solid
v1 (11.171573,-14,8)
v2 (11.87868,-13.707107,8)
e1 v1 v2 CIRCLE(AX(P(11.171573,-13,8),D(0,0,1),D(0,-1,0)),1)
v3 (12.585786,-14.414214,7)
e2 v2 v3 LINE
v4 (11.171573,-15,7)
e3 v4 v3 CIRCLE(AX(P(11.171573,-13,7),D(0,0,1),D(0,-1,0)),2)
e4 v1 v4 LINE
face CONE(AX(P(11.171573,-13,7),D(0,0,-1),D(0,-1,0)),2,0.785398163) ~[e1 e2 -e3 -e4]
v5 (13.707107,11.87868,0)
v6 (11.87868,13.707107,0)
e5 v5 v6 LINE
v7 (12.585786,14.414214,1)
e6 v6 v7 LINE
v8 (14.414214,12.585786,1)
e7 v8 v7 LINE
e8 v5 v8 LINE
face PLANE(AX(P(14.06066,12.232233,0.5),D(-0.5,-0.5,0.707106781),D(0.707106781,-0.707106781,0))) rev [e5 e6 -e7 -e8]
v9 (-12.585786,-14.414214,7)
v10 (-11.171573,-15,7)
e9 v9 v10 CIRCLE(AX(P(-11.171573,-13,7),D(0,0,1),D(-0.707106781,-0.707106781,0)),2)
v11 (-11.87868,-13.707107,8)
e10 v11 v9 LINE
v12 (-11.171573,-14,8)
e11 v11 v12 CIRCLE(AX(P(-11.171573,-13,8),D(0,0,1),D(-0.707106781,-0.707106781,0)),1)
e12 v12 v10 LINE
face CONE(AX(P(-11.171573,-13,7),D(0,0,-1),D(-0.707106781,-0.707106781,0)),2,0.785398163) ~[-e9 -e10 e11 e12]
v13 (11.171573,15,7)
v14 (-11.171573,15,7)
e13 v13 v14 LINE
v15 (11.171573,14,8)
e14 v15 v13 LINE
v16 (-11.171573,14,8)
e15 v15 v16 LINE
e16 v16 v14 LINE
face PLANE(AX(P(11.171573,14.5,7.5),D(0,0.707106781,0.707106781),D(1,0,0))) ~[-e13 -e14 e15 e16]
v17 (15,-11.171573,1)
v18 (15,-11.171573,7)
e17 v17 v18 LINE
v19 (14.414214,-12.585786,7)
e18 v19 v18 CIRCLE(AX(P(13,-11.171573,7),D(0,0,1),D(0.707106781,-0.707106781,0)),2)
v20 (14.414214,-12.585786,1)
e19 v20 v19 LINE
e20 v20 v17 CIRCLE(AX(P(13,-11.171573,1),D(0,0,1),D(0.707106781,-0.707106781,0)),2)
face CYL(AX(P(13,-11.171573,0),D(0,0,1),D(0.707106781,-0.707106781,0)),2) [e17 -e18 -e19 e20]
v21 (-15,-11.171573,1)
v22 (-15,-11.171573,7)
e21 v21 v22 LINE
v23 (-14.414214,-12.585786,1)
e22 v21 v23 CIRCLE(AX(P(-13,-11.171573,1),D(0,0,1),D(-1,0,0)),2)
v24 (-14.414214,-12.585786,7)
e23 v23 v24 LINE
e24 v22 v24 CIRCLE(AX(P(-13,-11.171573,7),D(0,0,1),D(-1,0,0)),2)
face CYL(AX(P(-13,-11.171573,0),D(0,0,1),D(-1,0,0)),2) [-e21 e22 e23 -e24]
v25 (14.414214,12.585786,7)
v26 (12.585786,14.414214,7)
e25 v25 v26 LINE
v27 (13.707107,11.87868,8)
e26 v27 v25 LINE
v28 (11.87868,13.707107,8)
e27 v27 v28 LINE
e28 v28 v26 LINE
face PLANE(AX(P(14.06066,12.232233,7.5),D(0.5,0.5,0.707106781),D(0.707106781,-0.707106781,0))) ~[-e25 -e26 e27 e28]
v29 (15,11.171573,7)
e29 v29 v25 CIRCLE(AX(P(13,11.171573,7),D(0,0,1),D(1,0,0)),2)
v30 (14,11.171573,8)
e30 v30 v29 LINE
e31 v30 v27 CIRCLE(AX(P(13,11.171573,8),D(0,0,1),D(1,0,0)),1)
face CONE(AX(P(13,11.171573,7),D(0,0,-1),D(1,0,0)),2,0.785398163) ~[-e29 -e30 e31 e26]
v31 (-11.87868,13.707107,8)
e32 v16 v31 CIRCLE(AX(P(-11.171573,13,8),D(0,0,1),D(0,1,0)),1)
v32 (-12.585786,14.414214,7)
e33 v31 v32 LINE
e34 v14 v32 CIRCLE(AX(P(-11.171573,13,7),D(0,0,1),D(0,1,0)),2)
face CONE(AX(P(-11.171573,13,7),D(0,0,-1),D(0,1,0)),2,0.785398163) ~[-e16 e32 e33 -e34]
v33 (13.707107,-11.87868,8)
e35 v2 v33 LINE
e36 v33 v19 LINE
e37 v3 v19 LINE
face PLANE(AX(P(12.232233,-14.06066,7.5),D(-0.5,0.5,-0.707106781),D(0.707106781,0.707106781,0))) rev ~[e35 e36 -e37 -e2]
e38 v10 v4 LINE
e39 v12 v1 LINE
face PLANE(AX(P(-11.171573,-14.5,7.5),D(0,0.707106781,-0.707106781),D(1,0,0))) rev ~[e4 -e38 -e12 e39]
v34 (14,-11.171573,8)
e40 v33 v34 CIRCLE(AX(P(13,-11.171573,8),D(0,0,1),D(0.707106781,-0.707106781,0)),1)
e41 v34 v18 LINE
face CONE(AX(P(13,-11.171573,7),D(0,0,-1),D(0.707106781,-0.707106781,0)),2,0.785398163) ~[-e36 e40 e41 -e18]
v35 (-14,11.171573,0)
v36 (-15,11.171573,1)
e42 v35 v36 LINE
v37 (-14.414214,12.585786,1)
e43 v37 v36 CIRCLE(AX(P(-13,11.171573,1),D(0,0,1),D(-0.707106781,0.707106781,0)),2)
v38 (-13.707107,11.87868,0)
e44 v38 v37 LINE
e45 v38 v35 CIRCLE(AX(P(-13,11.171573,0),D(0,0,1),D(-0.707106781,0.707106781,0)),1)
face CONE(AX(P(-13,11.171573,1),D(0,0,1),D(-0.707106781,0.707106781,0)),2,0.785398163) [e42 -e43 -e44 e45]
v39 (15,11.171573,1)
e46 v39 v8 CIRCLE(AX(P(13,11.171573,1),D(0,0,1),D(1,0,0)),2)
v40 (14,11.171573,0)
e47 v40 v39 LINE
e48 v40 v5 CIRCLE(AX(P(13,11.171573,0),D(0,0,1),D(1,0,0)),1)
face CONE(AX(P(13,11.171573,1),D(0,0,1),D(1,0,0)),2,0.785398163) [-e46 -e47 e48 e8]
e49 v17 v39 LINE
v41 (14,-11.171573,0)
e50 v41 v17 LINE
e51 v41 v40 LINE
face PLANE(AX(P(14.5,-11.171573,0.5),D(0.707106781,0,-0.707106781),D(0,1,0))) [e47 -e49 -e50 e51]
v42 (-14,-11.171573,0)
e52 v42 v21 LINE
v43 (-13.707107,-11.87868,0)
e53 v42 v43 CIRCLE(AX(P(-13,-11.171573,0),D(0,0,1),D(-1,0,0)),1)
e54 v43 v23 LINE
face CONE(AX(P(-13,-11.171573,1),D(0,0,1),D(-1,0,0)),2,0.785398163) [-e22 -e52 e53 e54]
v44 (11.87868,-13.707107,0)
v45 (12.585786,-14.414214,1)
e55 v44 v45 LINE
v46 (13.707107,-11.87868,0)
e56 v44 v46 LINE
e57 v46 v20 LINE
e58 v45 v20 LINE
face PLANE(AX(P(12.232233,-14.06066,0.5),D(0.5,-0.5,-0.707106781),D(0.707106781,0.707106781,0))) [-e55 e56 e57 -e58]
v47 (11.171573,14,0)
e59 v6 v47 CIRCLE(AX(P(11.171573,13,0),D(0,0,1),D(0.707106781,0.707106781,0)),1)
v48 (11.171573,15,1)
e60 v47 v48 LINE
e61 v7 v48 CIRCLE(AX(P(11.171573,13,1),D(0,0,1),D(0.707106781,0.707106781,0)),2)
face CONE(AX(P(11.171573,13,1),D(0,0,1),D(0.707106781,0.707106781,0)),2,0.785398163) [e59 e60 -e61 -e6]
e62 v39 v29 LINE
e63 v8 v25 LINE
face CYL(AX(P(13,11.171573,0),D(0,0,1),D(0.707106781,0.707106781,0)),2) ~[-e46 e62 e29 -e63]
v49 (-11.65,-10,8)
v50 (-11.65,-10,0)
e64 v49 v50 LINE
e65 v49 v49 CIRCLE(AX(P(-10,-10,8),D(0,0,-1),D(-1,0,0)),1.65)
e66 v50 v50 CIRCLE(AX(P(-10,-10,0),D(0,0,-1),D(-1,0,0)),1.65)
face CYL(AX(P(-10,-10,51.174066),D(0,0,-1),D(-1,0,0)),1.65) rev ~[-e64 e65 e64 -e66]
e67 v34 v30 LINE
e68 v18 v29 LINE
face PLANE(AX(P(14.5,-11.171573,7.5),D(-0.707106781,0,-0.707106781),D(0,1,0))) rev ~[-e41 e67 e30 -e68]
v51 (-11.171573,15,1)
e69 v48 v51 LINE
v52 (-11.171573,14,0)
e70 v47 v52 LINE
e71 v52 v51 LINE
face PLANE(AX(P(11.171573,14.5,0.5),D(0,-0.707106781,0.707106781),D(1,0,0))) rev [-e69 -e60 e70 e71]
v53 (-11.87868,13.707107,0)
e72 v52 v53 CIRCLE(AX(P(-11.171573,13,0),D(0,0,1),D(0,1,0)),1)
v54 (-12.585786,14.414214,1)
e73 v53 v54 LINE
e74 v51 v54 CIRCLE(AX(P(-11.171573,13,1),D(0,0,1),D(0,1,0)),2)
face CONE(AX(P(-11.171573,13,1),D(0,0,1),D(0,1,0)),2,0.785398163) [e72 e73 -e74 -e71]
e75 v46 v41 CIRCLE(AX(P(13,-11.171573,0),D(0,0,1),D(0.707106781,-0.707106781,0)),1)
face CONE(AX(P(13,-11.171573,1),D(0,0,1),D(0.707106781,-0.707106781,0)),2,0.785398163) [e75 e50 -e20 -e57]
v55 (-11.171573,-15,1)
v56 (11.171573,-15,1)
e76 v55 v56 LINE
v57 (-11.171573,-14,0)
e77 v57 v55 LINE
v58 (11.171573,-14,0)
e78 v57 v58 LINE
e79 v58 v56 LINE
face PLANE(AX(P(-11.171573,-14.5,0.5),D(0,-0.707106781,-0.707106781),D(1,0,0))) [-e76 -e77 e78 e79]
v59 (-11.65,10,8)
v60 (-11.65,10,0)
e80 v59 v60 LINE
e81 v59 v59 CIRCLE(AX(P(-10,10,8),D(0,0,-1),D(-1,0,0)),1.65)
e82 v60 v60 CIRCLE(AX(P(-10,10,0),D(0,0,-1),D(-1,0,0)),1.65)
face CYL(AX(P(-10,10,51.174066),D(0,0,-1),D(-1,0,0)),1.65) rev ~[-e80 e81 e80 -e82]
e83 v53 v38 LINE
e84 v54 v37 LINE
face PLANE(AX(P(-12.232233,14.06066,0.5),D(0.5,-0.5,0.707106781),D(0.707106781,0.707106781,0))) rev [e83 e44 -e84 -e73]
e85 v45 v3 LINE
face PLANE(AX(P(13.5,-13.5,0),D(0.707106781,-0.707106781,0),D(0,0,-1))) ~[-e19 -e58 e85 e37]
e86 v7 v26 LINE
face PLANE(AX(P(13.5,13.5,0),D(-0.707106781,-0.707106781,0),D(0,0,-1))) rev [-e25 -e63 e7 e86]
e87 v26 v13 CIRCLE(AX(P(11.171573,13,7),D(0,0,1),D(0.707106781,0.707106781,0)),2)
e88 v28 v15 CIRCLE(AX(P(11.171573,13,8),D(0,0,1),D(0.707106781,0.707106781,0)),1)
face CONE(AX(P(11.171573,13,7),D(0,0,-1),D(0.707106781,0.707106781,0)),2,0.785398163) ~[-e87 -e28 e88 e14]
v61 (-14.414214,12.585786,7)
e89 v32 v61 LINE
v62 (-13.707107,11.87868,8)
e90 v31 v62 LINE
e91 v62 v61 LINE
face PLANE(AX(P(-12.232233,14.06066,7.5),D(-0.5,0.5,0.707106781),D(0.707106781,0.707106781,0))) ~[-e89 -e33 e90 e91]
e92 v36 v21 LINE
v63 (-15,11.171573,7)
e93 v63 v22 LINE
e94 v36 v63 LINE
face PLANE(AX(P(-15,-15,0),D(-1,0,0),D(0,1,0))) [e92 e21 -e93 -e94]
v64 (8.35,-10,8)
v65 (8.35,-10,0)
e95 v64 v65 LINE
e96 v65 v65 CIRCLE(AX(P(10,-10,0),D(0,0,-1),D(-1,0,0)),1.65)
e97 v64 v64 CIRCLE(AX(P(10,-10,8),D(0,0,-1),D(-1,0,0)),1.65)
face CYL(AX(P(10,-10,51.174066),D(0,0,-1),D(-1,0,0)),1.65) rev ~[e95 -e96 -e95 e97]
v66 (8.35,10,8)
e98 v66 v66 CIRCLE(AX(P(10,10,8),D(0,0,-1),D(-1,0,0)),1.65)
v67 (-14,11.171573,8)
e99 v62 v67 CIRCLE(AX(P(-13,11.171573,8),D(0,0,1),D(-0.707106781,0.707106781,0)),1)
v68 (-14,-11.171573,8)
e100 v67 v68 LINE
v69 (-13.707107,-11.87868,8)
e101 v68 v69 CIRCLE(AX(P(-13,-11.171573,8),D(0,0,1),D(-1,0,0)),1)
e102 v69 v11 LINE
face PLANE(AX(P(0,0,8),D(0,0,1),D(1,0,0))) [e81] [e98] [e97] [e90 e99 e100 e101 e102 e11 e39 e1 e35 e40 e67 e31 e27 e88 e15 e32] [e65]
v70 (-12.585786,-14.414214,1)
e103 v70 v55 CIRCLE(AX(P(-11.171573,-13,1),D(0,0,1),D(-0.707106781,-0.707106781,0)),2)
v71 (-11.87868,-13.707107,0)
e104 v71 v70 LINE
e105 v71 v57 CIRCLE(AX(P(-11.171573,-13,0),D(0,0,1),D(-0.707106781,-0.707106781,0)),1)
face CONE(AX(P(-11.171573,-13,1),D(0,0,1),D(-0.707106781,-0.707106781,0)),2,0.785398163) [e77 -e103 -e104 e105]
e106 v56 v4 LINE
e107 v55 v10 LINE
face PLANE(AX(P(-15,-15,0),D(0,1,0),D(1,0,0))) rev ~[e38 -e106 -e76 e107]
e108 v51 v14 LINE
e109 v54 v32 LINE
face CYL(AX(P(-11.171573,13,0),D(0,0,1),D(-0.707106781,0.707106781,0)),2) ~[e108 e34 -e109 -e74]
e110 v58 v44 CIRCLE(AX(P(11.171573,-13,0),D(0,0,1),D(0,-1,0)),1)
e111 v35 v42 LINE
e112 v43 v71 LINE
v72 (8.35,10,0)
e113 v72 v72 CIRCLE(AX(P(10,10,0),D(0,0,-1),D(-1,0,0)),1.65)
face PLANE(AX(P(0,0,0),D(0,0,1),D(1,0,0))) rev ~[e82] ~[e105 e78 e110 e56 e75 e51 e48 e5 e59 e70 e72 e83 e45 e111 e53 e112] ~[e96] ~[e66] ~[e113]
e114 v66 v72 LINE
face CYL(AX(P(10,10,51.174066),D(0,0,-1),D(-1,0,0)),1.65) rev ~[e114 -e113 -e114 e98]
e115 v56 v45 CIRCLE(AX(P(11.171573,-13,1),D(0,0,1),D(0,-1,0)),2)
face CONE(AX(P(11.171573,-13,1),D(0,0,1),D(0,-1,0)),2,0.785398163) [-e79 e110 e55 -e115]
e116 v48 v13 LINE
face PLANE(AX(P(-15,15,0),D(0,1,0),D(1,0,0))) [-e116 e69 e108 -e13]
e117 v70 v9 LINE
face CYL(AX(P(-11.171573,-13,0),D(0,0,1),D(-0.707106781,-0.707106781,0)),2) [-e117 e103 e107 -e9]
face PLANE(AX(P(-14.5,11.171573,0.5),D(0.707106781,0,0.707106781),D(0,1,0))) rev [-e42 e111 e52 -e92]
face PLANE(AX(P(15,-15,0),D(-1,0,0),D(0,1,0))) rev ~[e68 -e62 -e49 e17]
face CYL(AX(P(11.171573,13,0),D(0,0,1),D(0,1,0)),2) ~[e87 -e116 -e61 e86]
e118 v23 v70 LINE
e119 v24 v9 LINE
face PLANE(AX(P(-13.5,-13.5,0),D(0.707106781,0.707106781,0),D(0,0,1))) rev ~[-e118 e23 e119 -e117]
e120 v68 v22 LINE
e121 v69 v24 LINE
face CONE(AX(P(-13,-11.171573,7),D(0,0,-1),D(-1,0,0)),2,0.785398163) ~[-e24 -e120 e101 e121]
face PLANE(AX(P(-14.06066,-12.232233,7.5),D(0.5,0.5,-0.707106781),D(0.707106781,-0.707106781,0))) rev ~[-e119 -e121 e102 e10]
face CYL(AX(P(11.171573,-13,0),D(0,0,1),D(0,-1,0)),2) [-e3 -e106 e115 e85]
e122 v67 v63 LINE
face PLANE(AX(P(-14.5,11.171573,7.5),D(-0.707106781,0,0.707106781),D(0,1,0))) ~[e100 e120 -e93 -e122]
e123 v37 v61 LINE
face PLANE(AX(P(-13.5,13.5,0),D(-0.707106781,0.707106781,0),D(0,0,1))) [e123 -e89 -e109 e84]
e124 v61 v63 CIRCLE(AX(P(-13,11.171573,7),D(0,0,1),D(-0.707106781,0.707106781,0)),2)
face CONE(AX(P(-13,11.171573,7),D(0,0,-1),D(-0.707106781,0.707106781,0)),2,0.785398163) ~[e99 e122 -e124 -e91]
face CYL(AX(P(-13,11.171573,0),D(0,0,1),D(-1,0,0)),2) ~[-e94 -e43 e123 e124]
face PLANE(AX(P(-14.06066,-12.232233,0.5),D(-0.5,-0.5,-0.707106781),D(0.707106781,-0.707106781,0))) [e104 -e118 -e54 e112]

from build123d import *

# Parameters (mm, degrees)
SKETCH_1_W         = 30
SKETCH_1_H         = 30
EXTRUDE_1_DEPTH    = 8
HOLE_WIZARD_M4_1_D = 3.3
CHAMFER_1_SIZE     = 3
FILLET_1_R         = 2
CHAMFER_2_SIZE     = 1


with BuildPart() as part:
    # ｽｹｯﾁ1 → ﾎﾞｽ - 押し出し1 (new body)
    with BuildSketch(Plane.XY):
        Rectangle(SKETCH_1_W, SKETCH_1_H)
    extrude(amount=EXTRUDE_1_DEPTH)

    # M4 すきま穴1 (through all)
    with Locations(Plane.XY.offset(8)):
        with Locations((-10, 10), (-10, -10), (10, -10), (10, 10)):
            Hole(HOLE_WIZARD_M4_1_D / 2)

    # 面取り1
    chamfer_1_edges = [part.edges().sort_by_distance(p)[0] for p in [
        (-15, 15, 4),
        (15, 15, 4),
        (15, -15, 4),
        (-15, -15, 4),
    ]]
    chamfer(chamfer_1_edges, length=CHAMFER_1_SIZE)

    # ﾌｨﾚｯﾄ1
    fillet_1_edges = [part.edges().sort_by_distance(p)[0] for p in [
        (-12, 15, 4),
        (12, 15, 4),
        (15, -12, 4),
        (15, 12, 4),
        (-15, -12, 4),
        (-15, 12, 4),
        (-12, -15, 4),
        (12, -15, 4),
    ]]
    fillet(fillet_1_edges, radius=FILLET_1_R)

    # 面取り2
    chamfer_2_edges = [part.edges().sort_by_distance(p)[0] for p in [
        (15, 0, 0),
        (15, 0, 8),
        (13.5, 13.5, 8),
        (0, 15, 8),
        (-13.5, 13.5, 8),
        (-15, 0, 8),
        (-13.5, -13.5, 8),
        (0, -15, 8),
        (13.5, -13.5, 8),
        (11.93693974, -14.847759065, 8),
        (14.847759065, -11.93693974, 8),
        (-11.93693974, -14.847759065, 8),
        (-14.847759065, -11.93693974, 8),
        (-14.847759065, 11.93693974, 8),
        (-11.93693974, 14.847759065, 8),
        (11.93693974, 14.847759065, 8),
        (14.847759065, 11.93693974, 8),
        (13.5, 13.5, 0),
        (0, 15, 0),
        (13.5, -13.5, 0),
        (0, -15, 0),
        (-13.5, -13.5, 0),
        (-15, 0, 0),
        (-13.5, 13.5, 0),
        (11.93693974, -14.847759065, 0),
        (14.847759065, -11.93693974, 0),
        (-11.93693974, -14.847759065, 0),
        (-14.847759065, -11.93693974, 0),
        (-14.847759065, 11.93693974, 0),
        (-11.93693974, 14.847759065, 0),
        (11.93693974, 14.847759065, 0),
        (14.847759065, 11.93693974, 0),
    ]]
    chamfer(chamfer_2_edges, length=CHAMFER_2_SIZE)


solid = part.part
